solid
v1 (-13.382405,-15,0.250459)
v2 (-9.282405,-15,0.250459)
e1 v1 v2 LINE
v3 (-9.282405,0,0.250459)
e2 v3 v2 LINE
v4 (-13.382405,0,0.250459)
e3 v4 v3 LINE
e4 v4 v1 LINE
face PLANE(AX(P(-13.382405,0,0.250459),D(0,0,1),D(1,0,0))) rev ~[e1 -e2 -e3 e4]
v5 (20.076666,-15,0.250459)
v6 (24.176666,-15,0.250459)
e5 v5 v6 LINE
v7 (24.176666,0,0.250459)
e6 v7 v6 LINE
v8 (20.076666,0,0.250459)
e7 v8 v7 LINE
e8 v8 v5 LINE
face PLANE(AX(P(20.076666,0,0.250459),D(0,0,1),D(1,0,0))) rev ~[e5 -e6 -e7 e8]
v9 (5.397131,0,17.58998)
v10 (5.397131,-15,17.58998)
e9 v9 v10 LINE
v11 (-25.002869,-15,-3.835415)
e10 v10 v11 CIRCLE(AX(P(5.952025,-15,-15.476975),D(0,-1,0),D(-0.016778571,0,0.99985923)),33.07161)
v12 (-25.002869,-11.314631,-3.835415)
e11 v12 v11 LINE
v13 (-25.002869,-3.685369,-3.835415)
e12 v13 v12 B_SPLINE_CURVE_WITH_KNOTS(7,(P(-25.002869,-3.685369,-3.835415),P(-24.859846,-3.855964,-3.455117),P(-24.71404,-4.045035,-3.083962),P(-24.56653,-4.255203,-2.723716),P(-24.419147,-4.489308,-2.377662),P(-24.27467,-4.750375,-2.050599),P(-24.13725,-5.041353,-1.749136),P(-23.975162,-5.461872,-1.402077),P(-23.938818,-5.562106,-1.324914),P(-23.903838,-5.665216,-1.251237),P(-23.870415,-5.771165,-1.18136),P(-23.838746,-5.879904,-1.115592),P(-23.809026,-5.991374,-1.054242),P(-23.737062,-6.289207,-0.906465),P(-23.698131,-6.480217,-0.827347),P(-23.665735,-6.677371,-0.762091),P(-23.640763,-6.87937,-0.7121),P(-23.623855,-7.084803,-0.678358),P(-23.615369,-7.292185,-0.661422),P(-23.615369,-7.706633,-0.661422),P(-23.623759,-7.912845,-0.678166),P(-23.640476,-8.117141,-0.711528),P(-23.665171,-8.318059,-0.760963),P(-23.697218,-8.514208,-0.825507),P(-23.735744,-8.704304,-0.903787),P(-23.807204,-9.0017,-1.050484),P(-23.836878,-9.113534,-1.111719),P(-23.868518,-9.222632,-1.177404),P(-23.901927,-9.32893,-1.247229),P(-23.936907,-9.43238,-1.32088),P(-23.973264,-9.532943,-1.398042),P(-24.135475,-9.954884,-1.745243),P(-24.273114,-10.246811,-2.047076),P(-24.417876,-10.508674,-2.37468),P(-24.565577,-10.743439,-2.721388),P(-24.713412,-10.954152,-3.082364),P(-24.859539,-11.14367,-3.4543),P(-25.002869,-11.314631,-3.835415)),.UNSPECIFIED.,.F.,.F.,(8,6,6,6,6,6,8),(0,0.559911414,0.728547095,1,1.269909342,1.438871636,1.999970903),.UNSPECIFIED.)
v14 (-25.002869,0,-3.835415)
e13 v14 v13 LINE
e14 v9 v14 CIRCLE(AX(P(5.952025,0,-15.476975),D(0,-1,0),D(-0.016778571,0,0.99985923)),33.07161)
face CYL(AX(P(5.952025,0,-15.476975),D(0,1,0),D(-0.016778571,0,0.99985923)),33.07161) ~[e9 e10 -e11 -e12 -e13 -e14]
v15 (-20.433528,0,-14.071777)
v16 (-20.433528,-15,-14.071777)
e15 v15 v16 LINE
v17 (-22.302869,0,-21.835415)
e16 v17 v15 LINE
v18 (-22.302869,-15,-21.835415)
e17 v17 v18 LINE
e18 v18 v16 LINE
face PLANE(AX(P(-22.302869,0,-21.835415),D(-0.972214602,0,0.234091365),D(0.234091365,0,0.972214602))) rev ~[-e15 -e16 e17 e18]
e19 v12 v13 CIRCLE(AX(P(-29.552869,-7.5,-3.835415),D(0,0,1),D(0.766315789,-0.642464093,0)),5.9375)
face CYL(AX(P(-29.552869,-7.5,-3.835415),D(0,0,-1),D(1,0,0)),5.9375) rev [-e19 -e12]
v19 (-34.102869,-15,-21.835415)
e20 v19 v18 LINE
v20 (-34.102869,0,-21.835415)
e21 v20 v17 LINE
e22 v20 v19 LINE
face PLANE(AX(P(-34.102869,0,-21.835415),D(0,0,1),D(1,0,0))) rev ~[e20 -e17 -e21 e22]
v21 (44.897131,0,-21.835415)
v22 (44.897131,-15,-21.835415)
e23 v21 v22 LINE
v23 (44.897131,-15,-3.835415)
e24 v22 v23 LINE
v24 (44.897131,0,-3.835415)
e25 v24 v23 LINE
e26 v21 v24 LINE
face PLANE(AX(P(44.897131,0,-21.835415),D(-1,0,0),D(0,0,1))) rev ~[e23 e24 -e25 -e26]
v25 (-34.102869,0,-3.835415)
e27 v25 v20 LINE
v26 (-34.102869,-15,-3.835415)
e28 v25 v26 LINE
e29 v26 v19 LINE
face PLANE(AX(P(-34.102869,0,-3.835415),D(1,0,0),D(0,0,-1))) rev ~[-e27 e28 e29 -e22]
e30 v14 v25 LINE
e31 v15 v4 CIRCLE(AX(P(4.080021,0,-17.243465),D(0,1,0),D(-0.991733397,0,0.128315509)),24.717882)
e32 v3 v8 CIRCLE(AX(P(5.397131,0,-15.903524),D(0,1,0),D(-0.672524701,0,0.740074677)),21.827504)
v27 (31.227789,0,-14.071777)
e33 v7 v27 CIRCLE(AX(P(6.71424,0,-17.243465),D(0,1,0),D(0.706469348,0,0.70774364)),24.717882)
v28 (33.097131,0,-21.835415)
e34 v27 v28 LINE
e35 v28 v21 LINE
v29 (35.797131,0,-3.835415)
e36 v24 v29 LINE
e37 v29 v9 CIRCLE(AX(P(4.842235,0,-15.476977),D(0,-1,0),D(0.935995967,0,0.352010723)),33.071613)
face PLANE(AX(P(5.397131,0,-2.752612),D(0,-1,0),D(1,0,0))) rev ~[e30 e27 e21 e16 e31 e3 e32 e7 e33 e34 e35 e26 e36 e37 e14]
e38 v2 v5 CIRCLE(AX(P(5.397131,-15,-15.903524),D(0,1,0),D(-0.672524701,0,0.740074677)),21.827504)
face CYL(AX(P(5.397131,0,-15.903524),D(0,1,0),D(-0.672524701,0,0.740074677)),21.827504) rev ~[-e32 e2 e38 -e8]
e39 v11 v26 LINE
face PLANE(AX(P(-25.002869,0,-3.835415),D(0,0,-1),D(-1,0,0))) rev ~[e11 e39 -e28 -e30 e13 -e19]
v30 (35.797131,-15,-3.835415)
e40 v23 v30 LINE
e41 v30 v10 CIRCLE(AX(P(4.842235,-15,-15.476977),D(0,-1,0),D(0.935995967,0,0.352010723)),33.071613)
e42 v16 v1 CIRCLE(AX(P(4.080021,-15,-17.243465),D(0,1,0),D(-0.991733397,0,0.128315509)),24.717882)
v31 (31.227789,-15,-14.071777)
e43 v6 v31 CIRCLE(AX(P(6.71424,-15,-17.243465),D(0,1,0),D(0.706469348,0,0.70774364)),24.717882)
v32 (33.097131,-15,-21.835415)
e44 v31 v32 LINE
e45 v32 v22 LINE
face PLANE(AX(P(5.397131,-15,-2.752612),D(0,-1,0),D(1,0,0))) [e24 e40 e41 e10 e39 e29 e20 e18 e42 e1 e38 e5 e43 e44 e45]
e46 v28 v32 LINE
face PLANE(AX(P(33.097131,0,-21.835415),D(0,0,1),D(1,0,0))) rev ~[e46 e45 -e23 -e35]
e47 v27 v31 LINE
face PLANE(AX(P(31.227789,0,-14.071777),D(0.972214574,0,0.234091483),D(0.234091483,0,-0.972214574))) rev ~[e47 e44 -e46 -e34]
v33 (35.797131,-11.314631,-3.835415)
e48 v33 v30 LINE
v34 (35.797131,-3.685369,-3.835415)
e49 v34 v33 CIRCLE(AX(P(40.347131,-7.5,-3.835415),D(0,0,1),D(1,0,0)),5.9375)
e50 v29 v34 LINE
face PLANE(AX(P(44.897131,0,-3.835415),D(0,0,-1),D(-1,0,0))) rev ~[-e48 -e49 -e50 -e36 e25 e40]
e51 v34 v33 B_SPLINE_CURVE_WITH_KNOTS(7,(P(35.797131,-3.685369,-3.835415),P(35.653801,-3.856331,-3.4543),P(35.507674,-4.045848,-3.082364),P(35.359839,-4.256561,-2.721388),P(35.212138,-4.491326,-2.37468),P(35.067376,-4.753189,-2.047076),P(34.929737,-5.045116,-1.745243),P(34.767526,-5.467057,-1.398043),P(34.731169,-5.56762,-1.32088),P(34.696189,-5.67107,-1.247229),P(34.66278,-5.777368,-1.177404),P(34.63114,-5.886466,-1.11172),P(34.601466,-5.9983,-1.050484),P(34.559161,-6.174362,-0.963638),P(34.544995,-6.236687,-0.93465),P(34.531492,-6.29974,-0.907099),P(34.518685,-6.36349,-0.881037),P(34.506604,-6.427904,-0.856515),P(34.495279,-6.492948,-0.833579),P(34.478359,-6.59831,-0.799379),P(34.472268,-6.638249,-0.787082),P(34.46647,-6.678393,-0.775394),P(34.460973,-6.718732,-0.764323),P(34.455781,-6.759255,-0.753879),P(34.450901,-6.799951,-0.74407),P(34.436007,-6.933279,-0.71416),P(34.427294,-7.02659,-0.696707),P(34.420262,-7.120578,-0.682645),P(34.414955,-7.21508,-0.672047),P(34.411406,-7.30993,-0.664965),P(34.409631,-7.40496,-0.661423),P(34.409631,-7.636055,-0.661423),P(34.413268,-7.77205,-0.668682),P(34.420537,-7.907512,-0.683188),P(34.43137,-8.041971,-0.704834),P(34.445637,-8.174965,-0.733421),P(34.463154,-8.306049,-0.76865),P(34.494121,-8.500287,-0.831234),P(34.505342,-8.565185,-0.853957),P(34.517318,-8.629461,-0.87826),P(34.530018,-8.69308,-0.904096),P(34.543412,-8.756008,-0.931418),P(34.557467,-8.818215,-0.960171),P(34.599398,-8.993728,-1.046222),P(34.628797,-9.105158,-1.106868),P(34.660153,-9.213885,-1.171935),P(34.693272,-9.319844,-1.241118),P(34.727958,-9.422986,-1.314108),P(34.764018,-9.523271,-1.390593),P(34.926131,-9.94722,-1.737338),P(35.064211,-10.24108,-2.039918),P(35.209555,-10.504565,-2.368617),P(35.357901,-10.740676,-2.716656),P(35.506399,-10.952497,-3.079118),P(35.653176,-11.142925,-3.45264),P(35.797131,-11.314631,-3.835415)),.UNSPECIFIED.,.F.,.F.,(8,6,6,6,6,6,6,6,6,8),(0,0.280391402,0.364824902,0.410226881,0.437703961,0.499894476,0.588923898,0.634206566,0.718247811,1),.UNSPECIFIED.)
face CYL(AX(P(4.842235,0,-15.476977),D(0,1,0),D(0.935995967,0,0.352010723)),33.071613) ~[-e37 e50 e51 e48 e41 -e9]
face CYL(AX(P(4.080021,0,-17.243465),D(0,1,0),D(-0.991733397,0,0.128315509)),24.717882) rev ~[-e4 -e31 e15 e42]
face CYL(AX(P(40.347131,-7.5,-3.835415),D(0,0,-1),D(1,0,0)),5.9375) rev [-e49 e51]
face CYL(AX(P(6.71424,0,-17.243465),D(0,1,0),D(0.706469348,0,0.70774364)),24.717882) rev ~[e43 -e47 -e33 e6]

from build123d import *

# Parameters (mm, degrees)
F1_DEPTH = 15
F2_R     = 5.9375
F2_R_2   = 2.375
F3_DEPTH = 25.4


with BuildPart() as f1:
    # F0 (on Front) → F1 (new body)
    with BuildSketch(Plane.XZ):
        with BuildLine():
            ThreePointArc((-9.282405, 0.250459), (5.397131, 5.92398), (20.076666, 0.250459))
            Line((20.076666, 0.250459), (24.176666, 0.250459))
            ThreePointArc((24.176666, 0.250459), (28.890291, -6.325752), (31.227789, -14.071777))
            Line((31.227789, -14.071777), (33.097131, -21.835415))
            Line((33.097131, -21.835415), (44.897131, -21.835415))
            Line((44.897131, -21.835415), (44.897131, -3.835415))
            Line((44.897131, -3.835415), (35.797131, -3.835415))
            ThreePointArc((35.797131, -3.835415), (23.894233, 11.555465), (5.397131, 17.58998))
            ThreePointArc((5.397131, 17.58998), (-13.099972, 11.555465), (-25.002869, -3.835415))
            Line((-25.002869, -3.835415), (-34.102869, -3.835415))
            Line((-34.102869, -3.835415), (-34.102869, -21.835415))
            Line((-34.102869, -21.835415), (-22.302869, -21.835415))
            Line((-22.302869, -21.835415), (-20.433528, -14.071777))
            ThreePointArc((-20.433528, -14.071777), (-18.09603, -6.325752), (-13.382405, 0.250459))
            Line((-13.382405, 0.250459), (-9.282405, 0.250459))
        make_face()
    extrude(amount=F1_DEPTH)

    # F2 (on face) → F3 (cut)
    with BuildSketch(Plane.XY.offset(-3.835415)):
        with Locations((-29.552869, -7.5)):
            Circle(F2_R)
        with Locations((-29.552869, -7.5)):
            Circle(F2_R_2, mode=Mode.SUBTRACT)
        with Locations((40.347131, -7.5)):
            Circle(F2_R)
        with Locations((40.347131, -7.5)):
            Circle(F2_R_2, mode=Mode.SUBTRACT)
    extrude(amount=F3_DEPTH, mode=Mode.SUBTRACT)


solid = f1.part
